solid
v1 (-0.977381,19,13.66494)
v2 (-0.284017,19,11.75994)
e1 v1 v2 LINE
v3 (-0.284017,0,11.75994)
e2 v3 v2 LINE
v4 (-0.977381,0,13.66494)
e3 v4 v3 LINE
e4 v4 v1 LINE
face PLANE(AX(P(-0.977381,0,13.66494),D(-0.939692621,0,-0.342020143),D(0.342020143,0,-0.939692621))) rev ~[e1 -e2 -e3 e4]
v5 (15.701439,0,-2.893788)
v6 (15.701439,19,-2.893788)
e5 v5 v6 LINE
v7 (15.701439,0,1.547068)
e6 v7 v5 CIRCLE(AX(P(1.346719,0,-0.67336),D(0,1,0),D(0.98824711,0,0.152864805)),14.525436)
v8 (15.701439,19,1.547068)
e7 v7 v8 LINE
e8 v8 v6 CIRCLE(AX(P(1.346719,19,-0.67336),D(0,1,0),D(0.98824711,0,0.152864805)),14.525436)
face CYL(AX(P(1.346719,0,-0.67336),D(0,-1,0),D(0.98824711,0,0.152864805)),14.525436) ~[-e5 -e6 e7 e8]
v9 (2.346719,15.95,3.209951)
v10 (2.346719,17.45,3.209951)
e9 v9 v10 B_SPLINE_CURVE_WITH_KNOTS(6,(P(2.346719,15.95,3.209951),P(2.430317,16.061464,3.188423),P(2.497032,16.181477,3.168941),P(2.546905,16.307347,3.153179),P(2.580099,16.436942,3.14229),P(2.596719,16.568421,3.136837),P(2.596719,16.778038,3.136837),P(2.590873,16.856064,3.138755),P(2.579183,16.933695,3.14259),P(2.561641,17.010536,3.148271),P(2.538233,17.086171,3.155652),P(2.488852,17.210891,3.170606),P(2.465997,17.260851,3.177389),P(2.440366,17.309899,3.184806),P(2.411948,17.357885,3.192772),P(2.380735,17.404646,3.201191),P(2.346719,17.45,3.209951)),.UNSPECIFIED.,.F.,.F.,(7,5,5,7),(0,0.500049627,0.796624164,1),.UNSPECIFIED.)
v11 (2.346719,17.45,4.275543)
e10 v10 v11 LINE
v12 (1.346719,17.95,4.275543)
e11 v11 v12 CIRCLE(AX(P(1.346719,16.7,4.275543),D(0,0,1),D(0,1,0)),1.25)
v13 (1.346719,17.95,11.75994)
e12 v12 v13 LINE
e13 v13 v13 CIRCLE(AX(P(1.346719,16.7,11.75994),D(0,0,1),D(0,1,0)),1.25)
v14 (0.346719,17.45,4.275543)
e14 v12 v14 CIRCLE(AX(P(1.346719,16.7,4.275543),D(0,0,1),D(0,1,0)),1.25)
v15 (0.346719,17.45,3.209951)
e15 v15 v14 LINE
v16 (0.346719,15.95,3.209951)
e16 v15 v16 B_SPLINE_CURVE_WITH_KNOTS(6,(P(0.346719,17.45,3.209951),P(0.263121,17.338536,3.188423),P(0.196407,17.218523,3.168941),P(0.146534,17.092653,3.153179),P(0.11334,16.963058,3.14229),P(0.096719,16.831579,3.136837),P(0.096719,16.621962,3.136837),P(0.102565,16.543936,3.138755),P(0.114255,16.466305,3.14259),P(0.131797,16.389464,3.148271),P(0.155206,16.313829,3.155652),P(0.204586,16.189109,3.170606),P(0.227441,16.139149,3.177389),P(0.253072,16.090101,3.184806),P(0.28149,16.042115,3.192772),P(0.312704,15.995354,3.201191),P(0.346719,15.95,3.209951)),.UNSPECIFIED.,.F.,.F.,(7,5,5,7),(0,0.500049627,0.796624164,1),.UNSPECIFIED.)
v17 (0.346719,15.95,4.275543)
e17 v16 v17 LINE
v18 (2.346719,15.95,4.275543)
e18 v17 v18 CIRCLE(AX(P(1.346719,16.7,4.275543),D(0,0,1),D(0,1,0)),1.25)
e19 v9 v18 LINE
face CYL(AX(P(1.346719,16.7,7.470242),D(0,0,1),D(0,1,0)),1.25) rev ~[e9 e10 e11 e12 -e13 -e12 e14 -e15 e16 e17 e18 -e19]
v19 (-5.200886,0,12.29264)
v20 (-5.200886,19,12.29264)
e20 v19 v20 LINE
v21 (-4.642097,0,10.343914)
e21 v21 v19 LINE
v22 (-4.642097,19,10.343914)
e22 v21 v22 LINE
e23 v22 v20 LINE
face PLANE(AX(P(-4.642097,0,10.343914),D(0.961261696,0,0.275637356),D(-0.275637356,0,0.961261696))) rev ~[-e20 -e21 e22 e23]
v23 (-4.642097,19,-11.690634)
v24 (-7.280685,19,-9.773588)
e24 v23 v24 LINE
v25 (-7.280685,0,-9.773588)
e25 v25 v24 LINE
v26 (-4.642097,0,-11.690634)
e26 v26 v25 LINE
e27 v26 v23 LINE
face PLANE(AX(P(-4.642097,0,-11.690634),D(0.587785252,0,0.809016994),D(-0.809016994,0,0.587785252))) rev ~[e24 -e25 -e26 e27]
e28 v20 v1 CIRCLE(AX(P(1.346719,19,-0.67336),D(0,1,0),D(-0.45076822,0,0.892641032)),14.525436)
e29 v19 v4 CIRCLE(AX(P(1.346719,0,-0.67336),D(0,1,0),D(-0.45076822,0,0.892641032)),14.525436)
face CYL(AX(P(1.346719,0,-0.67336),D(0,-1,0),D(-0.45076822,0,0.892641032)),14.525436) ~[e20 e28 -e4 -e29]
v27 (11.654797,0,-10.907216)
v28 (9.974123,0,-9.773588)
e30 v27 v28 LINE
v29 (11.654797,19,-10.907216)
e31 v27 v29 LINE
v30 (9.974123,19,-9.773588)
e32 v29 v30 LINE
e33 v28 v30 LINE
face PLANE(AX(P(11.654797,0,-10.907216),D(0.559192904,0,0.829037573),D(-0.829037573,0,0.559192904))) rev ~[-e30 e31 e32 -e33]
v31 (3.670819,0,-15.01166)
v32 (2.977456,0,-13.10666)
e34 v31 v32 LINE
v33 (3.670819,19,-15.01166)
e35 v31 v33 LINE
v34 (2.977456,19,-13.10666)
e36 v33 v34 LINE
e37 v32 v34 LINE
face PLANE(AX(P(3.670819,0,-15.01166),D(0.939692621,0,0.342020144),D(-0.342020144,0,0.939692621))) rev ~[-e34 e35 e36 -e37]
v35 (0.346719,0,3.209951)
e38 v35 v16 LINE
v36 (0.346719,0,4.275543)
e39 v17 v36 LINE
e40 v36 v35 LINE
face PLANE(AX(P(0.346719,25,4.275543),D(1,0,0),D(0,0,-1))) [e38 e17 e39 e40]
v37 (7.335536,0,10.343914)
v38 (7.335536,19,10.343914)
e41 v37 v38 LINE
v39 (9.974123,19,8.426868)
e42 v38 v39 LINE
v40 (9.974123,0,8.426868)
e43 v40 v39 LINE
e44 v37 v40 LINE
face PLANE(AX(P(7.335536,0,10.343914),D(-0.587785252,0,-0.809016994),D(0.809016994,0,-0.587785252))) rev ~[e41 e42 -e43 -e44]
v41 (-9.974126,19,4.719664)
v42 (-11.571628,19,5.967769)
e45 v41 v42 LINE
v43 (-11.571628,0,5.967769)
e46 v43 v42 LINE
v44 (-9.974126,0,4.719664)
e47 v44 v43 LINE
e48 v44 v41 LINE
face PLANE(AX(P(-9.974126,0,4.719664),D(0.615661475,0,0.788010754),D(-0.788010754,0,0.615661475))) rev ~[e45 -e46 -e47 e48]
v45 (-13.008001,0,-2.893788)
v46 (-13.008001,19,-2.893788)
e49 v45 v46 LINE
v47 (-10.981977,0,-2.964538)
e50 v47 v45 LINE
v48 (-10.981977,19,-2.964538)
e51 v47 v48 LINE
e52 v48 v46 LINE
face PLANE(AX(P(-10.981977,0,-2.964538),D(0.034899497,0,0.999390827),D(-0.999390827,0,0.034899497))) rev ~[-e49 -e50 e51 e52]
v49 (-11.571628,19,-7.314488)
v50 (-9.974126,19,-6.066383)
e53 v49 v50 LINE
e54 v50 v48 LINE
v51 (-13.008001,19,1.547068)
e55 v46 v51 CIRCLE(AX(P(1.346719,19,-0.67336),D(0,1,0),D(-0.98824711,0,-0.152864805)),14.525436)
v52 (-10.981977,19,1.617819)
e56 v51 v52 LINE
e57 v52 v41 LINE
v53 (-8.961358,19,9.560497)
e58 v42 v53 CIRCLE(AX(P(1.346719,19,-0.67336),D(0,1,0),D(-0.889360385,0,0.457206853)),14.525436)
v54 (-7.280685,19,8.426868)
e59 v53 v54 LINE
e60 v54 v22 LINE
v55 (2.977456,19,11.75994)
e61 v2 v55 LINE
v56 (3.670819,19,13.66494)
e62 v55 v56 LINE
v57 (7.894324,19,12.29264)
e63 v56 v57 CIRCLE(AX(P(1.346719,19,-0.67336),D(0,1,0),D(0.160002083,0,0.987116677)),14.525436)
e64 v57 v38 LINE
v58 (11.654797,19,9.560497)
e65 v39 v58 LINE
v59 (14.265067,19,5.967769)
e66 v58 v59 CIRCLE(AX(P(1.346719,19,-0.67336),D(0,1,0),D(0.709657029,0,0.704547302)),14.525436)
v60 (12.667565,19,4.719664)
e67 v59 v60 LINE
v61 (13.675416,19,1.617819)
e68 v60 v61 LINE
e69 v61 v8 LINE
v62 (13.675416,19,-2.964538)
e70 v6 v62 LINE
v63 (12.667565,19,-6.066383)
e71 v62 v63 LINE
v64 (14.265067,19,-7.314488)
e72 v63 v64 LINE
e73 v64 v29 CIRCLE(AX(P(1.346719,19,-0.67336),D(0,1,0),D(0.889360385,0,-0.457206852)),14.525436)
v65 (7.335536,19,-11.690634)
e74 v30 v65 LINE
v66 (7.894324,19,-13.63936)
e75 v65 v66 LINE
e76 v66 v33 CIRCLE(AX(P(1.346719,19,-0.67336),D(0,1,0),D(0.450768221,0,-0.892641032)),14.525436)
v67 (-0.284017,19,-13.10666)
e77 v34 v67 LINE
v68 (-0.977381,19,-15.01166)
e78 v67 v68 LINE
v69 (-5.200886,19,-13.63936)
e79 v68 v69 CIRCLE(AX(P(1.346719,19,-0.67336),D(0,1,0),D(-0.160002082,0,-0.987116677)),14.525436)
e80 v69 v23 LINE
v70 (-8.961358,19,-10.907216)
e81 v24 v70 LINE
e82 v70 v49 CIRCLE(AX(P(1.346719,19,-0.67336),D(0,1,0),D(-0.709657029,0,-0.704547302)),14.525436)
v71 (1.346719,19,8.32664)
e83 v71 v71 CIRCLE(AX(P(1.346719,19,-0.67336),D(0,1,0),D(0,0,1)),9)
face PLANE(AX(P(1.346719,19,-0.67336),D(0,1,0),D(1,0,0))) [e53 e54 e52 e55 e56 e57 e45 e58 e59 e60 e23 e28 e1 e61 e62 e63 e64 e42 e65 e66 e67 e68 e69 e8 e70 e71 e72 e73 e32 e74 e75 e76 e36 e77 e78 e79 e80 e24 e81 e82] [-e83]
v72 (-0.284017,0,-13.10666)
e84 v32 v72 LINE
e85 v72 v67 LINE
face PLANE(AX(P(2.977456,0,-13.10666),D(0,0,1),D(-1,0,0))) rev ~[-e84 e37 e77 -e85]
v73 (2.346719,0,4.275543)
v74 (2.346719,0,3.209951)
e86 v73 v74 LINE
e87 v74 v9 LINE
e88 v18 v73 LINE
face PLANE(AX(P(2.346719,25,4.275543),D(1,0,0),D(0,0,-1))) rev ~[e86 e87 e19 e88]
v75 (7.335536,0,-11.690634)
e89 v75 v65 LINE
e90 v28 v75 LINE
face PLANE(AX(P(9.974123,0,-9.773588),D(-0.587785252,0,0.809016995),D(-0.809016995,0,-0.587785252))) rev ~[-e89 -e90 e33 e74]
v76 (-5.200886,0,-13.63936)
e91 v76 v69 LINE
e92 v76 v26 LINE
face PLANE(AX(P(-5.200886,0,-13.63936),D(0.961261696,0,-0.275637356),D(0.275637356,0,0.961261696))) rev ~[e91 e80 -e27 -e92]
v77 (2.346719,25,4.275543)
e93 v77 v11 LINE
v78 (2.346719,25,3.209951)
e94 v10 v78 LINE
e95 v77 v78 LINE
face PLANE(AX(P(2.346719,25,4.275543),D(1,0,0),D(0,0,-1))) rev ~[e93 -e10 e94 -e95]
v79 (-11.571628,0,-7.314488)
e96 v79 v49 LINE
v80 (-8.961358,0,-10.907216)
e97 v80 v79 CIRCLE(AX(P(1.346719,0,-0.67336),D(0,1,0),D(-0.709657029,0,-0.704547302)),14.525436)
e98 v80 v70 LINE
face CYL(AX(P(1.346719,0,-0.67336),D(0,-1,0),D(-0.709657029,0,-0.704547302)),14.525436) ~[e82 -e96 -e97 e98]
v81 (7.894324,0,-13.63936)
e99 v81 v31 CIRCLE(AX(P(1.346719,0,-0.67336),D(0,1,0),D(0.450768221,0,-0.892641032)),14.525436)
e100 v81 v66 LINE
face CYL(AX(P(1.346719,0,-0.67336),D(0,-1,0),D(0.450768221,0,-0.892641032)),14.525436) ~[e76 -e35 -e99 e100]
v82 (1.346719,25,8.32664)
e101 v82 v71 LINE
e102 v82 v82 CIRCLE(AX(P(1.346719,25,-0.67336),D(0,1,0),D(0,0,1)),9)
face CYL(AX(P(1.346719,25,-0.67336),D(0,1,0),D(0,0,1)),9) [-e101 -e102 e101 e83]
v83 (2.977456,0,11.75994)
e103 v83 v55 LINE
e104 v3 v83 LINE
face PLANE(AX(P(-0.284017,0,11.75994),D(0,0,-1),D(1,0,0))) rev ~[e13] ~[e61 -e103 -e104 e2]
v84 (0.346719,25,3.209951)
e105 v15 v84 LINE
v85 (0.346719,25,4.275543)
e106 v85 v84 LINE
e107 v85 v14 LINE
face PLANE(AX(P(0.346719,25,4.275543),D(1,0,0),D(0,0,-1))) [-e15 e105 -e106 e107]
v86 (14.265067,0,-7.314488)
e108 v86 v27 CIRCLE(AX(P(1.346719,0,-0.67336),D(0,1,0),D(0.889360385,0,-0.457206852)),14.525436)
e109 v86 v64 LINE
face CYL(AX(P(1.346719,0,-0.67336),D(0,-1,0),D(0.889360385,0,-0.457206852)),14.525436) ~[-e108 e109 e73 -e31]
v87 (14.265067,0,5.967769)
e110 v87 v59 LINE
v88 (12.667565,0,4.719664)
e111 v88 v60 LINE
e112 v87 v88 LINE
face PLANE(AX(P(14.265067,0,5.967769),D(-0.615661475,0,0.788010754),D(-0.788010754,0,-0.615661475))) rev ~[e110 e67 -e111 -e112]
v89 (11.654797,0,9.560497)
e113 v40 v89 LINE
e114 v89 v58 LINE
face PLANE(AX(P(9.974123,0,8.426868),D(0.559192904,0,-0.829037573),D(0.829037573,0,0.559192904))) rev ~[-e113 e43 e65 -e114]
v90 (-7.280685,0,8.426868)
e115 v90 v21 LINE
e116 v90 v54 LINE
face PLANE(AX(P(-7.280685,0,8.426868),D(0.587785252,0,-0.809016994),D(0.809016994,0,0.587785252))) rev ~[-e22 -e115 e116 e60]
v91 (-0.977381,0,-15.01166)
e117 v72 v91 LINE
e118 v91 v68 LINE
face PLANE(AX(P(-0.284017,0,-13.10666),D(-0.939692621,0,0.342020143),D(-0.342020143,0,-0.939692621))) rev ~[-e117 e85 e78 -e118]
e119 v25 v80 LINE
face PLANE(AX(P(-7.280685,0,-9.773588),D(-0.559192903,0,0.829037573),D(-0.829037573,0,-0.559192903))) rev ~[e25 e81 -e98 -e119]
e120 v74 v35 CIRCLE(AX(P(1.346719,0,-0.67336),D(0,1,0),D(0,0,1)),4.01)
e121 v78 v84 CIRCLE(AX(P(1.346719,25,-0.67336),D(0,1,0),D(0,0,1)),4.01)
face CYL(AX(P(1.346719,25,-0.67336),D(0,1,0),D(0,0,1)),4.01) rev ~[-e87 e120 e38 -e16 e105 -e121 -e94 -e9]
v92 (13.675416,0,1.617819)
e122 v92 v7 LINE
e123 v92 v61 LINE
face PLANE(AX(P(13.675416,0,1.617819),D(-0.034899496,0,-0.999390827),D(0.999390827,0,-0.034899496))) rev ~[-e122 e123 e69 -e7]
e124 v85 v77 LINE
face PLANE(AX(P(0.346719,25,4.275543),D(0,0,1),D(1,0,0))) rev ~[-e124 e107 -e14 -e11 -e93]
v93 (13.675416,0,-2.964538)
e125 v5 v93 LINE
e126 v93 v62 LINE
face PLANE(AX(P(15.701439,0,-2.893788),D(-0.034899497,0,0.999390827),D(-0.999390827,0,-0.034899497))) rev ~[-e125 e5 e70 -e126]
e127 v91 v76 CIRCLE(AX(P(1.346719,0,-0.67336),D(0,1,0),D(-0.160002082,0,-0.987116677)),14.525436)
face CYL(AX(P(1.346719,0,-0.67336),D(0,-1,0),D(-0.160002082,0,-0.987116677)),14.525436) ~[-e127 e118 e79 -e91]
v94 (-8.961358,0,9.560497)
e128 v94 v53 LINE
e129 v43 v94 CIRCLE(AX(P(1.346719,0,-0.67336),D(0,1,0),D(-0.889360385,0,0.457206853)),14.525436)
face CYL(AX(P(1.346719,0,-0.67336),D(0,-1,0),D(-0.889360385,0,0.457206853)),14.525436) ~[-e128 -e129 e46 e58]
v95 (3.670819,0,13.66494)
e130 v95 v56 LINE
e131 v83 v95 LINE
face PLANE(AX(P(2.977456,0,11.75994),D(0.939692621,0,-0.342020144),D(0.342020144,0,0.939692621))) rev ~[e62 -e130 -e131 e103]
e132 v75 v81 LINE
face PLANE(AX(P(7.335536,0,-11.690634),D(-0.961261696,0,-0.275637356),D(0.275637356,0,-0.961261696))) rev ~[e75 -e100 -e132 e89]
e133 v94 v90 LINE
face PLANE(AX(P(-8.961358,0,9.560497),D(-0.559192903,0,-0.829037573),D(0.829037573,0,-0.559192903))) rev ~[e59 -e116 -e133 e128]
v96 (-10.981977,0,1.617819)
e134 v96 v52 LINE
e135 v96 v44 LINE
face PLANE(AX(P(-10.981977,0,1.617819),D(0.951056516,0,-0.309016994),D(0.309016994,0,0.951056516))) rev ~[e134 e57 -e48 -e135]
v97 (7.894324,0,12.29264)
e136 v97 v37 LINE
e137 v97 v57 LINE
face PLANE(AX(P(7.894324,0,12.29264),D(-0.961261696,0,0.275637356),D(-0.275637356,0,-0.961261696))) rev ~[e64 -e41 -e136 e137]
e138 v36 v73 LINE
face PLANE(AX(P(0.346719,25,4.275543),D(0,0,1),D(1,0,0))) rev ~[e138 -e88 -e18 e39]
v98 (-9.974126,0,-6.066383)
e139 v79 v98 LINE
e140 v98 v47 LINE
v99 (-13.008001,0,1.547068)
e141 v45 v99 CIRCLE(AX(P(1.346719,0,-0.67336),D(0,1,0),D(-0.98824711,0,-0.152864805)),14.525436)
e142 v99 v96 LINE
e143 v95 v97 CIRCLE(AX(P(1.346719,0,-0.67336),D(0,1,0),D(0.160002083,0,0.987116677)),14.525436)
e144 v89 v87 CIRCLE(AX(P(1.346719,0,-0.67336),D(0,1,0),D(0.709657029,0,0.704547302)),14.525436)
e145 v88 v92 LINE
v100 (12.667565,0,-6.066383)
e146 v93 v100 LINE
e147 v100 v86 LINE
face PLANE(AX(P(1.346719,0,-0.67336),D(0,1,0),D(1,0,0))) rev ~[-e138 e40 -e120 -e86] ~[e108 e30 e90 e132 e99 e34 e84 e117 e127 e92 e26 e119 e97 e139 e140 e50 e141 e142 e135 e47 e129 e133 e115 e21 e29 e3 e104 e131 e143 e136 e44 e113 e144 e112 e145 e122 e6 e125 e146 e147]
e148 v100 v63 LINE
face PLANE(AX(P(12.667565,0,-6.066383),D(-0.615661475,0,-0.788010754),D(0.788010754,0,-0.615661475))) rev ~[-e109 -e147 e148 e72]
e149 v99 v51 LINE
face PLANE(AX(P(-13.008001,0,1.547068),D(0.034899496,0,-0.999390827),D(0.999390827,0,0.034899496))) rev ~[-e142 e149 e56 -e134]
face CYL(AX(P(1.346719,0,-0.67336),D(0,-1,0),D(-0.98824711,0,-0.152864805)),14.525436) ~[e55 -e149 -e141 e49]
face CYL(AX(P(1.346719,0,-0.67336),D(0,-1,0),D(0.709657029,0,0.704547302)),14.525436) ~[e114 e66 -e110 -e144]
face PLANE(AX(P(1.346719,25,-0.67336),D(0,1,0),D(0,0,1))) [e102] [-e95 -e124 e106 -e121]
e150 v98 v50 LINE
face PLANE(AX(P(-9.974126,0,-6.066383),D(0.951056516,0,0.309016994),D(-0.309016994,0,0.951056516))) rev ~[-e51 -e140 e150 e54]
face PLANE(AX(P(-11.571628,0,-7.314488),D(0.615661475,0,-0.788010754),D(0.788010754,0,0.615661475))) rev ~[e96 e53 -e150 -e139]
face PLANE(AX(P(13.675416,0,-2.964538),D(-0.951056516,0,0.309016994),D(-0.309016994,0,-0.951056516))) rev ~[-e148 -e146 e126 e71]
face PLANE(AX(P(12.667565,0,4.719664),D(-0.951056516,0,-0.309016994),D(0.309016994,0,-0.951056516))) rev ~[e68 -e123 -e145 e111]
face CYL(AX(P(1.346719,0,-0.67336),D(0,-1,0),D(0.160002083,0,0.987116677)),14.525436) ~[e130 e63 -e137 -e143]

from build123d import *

# Parameters (mm, degrees)
BOSS_EXTRUDE1_DEPTH = 19
SKETCH3_R           = 4.01
CUT_EXTRUDE1_DEPTH  = 29.952983186
BOSS_EXTRUDE2_START = 6
SKETCH5_R           = 9
SKETCH5_R_2         = 4.01
BOSS_EXTRUDE2_DEPTH = 6
SKETCH6_W           = 2
SKETCH6_H           = 3.816021538
CUT_EXTRUDE3_DEPTH  = 34.200530649
SKETCH10_W          = 1.25
SKETCH10_H          = 12.389397068


with BuildPart() as part:
    # Sketch2 → Boss-Extrude1 (new body)
    with BuildSketch(Plane(origin=(0, 0, 0), x_dir=(1, 0, 0), z_dir=(0, 1, 0))):
        with BuildLine():
            Line((7.335535963, -10.343914335), (9.974123377, -8.426868365))
            Line((9.974123377, -8.426868365), (11.654796972, -9.560497019))
            ThreePointArc((11.654796972, -9.560497019), (13.098043776, -7.864477351), (14.265066544, -5.967769174))
            Line((14.265066544, -5.967769174), (12.667564922, -4.719664118))
            Line((12.667564922, -4.719664118), (13.675415632, -1.617818581))
            Line((13.675415632, -1.617818581), (15.701439337, -1.547068275))
            ThreePointArc((15.701439337, -1.547068275), (15.87215518, 0.673359646), (15.701439337, 2.893787567))
            Line((15.701439337, 2.893787567), (13.675415632, 2.964537874))
            Line((13.675415632, 2.964537874), (12.667564922, 6.066383411))
            Line((12.667564922, 6.066383411), (14.265066544, 7.314488466))
            ThreePointArc((14.265066544, 7.314488466), (13.098043776, 9.211196644), (11.654796972, 10.907216312))
            Line((11.654796972, 10.907216312), (9.974123377, 9.773587658))
            Line((9.974123377, 9.773587658), (7.335535963, 11.690633627))
            Line((7.335535963, 11.690633627), (7.894324179, 13.639359722))
            ThreePointArc((7.894324179, 13.639359722), (5.835325832, 14.487870099), (3.670819293, 15.011659646))
            Line((3.670819293, 15.011659646), (2.977455996, 13.106659646))
            Line((2.977455996, 13.106659646), (-0.284017411, 13.106659646))
            Line((-0.284017411, 13.106659646), (-0.977380707, 15.011659646))
            ThreePointArc((-0.977380707, 15.011659646), (-3.141887247, 14.487870099), (-5.200885594, 13.639359722))
            Line((-5.200885594, 13.639359722), (-4.642097378, 11.690633627))
            Line((-4.642097378, 11.690633627), (-7.280684791, 9.773587658))
            Line((-7.280684791, 9.773587658), (-8.961358387, 10.907216312))
            ThreePointArc((-8.961358387, 10.907216312), (-10.40460519, 9.211196644), (-11.571627958, 7.314488466))
            Line((-11.571627958, 7.314488466), (-9.974126336, 6.066383411))
            Line((-9.974126336, 6.066383411), (-10.981977046, 2.964537874))
            Line((-10.981977046, 2.964537874), (-13.008000751, 2.893787567))
            ThreePointArc((-13.008000751, 2.893787567), (-13.178716594, 0.673359646), (-13.008000751, -1.547068275))
            Line((-13.008000751, -1.547068275), (-10.981977046, -1.617818581))
            Line((-10.981977046, -1.617818581), (-9.974126336, -4.719664118))
            Line((-9.974126336, -4.719664118), (-11.571627958, -5.967769174))
            ThreePointArc((-11.571627958, -5.967769174), (-10.40460519, -7.864477351), (-8.961358387, -9.560497019))
            Line((-8.961358387, -9.560497019), (-7.280684791, -8.426868365))
            Line((-7.280684791, -8.426868365), (-4.642097378, -10.343914335))
            Line((-4.642097378, -10.343914335), (-5.200885594, -12.292640429))
            ThreePointArc((-5.200885594, -12.292640429), (-3.141887247, -13.141150806), (-0.977380707, -13.664940354))
            Line((-0.977380707, -13.664940354), (-0.284017411, -11.759940354))
            Line((-0.284017411, -11.759940354), (2.977455996, -11.759940354))
            Line((2.977455996, -11.759940354), (3.670819293, -13.664940354))
            ThreePointArc((3.670819293, -13.664940354), (5.835325832, -13.141150806), (7.894324179, -12.292640429))
            Line((7.894324179, -12.292640429), (7.335535963, -10.343914335))
        make_face()
    extrude(amount=BOSS_EXTRUDE1_DEPTH)

    # Sketch3 → Cut-Extrude1 (cut, through all)
    with BuildSketch(Plane(origin=(0, 19, 0), x_dir=(1, 0, 0), z_dir=(0, 1, 0))):
        with Locations(Location((1.346719293, 0.673359646, 0), (0, 0, 270))):
            Circle(SKETCH3_R)
    extrude(amount=-CUT_EXTRUDE1_DEPTH, mode=Mode.SUBTRACT)

    # Sketch5 → Boss-Extrude2 (add)
    with BuildSketch(Plane(origin=(0, 19, 0), x_dir=(1, 0, 0), z_dir=(0, 1, 0)).offset(BOSS_EXTRUDE2_START)):
        with Locations(Location((1.346719293, 0.673359646, 0), (0, 0, 270))):
            Circle(SKETCH5_R)
        with Locations(Location((1.346719293, 0.673359646, 0), (0, 0, 270))):
            Circle(SKETCH5_R_2, mode=Mode.SUBTRACT)
    extrude(amount=-BOSS_EXTRUDE2_DEPTH)

    # Sketch6 → Cut-Extrude3 (cut, through all)
    with BuildSketch(Plane(origin=(0, 25, 0), x_dir=(1, 0, 0), z_dir=(0, 1, 0))):
        with Locations((1.346719293, -2.367532517)):
            Rectangle(SKETCH6_W, SKETCH6_H)
    extrude(amount=-CUT_EXTRUDE3_DEPTH, mode=Mode.SUBTRACT)

    # Sketch10 → M3x0.5 Tapped Hole2 (revolve, cut)
    with BuildSketch(Plane(origin=(1.346719293, 16.7, 1.275543286), x_dir=(0, 1, 0), z_dir=(1, 0, 0))):
        with Locations((0.625, 6.194698534)):
            Rectangle(SKETCH10_W, SKETCH10_H)
    revolve(axis=Axis((1.346719293, 16.7, -5.074456714), (0, 0, 1)), mode=Mode.SUBTRACT)


solid = part.part
